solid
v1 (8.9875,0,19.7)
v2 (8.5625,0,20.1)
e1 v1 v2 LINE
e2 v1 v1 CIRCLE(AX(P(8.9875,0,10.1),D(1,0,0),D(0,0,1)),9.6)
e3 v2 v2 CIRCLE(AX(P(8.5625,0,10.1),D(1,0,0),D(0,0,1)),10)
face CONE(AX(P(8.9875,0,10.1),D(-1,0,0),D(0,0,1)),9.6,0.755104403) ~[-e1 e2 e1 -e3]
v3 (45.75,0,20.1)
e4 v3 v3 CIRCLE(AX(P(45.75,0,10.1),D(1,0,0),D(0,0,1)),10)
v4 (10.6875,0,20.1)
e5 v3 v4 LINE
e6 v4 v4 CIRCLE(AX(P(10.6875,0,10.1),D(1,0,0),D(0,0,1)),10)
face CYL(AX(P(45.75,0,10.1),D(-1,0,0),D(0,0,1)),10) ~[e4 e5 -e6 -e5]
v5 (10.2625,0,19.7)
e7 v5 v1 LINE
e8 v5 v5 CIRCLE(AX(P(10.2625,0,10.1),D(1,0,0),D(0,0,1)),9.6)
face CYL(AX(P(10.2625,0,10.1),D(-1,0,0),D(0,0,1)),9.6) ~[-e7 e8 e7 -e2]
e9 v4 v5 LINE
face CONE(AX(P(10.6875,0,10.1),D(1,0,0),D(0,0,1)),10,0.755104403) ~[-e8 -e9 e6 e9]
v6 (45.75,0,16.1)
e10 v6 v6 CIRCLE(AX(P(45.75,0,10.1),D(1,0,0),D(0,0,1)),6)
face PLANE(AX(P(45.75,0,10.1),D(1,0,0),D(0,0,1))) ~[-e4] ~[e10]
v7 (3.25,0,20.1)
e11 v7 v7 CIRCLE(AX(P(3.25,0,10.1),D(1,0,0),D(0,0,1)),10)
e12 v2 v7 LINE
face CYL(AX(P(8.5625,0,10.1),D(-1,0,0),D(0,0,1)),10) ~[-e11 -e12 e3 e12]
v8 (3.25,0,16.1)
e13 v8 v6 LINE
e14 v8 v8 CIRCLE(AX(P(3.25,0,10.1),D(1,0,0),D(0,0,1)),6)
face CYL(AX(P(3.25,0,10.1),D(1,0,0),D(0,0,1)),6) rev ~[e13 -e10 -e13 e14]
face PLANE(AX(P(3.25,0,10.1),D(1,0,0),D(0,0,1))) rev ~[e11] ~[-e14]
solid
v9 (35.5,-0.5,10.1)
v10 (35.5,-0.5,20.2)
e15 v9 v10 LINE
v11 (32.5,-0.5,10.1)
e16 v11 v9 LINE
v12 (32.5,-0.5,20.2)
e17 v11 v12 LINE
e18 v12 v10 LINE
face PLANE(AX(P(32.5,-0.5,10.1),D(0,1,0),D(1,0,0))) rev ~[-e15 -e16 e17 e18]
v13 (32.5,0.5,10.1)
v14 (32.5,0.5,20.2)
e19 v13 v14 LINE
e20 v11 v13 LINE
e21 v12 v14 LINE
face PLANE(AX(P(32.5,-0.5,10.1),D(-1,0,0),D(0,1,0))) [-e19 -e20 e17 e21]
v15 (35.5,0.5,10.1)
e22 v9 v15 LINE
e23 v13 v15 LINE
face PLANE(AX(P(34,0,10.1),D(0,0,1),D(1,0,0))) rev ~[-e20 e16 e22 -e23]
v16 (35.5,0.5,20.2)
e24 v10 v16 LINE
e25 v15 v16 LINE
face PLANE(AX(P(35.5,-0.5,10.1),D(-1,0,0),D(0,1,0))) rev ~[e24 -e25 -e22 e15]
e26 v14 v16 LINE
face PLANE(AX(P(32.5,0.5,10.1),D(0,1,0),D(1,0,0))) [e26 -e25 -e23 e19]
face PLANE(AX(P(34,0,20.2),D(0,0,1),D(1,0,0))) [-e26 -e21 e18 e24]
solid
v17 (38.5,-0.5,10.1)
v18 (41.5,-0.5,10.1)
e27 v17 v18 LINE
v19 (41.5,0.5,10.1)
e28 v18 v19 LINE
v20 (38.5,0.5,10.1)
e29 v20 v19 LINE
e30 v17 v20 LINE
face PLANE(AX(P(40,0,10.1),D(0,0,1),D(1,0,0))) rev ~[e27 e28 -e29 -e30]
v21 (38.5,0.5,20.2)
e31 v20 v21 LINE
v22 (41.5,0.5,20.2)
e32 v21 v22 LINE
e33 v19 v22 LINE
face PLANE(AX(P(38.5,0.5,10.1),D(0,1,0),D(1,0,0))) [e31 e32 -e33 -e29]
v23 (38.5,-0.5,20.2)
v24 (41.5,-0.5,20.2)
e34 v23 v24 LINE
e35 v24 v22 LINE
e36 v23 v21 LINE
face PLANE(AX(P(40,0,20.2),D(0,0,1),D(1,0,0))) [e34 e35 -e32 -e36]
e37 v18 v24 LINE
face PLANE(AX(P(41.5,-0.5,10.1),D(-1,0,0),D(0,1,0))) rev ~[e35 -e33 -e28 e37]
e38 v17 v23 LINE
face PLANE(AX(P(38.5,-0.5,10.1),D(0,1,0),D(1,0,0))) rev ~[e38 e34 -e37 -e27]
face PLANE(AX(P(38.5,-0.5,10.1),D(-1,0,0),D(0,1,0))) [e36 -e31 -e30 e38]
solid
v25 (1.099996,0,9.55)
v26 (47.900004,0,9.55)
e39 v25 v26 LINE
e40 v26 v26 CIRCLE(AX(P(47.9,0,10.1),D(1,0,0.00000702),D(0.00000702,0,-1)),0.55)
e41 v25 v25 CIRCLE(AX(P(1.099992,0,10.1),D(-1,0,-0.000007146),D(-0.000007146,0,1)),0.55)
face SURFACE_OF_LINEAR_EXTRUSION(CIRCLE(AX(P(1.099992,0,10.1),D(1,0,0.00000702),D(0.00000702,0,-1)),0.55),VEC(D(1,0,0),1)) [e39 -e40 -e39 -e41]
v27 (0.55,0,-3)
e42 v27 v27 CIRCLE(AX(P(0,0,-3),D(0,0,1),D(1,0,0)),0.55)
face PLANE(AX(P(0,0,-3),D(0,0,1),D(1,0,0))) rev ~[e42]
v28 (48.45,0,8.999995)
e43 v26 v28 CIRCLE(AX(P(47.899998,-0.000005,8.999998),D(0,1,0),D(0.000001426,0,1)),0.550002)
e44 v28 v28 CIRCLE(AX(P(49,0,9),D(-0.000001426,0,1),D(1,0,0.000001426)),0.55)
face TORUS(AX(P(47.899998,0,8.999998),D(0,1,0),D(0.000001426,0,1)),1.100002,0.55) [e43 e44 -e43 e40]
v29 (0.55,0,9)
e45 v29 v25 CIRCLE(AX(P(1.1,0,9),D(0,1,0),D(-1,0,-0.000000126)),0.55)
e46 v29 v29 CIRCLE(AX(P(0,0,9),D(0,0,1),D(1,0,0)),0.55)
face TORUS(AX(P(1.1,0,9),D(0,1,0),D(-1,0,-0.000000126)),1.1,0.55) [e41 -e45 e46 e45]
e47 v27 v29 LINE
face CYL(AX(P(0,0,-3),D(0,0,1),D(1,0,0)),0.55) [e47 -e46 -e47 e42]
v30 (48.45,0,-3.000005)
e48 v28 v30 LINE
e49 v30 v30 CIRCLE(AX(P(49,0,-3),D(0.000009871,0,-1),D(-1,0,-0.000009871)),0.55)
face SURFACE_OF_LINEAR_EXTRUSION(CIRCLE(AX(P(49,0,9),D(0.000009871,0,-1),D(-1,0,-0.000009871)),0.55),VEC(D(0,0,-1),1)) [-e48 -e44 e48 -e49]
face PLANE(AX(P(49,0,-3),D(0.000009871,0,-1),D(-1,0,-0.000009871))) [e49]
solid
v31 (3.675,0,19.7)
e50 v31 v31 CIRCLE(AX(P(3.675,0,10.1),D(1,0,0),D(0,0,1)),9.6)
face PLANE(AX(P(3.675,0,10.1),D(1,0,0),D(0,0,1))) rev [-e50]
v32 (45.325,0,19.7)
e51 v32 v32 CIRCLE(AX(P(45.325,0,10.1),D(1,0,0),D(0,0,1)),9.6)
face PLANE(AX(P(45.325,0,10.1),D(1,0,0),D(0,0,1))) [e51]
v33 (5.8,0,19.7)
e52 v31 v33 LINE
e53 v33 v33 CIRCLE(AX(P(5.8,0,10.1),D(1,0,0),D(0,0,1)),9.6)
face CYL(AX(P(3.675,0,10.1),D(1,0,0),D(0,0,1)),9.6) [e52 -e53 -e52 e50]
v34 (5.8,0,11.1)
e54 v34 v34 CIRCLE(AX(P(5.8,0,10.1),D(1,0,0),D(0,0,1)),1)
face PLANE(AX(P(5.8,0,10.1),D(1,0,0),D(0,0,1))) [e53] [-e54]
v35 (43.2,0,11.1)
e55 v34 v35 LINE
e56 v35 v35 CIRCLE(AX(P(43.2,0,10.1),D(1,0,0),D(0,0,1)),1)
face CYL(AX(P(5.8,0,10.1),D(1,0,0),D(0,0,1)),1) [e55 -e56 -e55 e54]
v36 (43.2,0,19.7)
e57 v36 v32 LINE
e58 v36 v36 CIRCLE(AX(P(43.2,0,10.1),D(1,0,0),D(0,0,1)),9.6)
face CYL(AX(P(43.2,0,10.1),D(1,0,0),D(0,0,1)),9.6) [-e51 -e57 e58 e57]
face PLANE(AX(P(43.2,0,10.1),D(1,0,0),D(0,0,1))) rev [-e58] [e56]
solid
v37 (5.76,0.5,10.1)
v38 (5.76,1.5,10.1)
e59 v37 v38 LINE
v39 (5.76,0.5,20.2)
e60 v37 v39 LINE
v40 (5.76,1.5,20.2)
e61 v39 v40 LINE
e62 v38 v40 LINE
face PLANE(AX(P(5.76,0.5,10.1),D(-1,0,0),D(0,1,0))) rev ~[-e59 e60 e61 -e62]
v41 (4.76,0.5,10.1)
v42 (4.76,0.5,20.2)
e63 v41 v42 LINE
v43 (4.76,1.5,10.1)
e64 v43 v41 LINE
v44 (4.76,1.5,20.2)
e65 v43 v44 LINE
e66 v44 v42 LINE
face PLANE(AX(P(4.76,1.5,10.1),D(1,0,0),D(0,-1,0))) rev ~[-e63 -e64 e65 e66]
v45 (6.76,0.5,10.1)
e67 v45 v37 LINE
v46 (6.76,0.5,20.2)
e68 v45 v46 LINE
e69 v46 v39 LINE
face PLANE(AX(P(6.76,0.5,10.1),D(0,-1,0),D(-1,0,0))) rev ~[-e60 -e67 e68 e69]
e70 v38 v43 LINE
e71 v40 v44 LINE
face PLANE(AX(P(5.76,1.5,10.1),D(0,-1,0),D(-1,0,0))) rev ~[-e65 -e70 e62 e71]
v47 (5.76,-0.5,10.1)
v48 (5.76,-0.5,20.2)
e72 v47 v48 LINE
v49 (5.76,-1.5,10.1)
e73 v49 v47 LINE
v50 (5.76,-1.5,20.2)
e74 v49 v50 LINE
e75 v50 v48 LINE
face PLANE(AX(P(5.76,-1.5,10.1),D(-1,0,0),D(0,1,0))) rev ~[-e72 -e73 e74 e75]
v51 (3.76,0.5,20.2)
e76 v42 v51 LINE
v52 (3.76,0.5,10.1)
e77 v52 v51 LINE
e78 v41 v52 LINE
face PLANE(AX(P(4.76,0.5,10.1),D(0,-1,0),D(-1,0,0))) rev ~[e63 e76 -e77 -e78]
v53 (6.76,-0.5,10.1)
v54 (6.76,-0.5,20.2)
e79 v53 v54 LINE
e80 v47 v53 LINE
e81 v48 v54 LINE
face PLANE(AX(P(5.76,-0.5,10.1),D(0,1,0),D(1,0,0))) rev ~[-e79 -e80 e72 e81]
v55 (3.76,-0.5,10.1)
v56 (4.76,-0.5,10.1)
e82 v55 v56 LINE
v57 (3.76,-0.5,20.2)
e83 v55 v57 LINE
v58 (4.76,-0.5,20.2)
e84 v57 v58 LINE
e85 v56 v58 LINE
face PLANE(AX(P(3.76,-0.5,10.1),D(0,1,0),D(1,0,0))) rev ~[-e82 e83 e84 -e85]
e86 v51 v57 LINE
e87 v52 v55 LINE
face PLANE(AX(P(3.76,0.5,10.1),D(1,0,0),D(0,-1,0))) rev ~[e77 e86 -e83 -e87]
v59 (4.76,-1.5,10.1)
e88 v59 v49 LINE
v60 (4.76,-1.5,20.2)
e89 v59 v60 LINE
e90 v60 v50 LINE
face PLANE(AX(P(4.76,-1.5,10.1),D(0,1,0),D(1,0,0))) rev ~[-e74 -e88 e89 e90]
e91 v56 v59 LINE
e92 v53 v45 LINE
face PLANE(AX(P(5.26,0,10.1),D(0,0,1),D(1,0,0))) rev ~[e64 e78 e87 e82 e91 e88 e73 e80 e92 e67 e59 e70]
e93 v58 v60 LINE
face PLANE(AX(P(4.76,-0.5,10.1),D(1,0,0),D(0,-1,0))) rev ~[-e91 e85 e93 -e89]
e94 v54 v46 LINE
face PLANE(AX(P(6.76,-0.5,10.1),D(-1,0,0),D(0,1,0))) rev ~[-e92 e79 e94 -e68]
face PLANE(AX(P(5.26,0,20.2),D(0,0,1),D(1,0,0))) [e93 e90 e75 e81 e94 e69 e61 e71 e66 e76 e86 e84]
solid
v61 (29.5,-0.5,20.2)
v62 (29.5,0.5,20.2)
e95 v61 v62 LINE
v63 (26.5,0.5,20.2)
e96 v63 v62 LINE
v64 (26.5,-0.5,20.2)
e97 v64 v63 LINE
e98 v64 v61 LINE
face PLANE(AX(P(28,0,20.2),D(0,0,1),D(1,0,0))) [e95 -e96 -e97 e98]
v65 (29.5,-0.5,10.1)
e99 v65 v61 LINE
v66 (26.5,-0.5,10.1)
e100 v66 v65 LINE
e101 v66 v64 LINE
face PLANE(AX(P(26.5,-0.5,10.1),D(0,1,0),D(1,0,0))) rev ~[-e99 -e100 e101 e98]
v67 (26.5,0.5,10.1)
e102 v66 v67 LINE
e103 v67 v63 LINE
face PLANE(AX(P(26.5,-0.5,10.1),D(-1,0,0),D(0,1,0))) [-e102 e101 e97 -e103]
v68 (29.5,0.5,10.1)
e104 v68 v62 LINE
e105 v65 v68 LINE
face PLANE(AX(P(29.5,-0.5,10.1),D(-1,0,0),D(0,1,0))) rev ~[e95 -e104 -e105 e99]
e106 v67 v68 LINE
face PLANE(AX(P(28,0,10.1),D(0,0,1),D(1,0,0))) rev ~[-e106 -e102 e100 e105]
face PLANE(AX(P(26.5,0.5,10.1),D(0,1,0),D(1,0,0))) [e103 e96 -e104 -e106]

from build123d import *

# Parameters (mm, degrees)
SKETCH_R    = 0.55
SKETCH004_W = 3
SKETCH004_H = 1
PAD_DEPTH   = 10.1


with BuildPart() as sweep_body:
    # Sweep: sweep along a path in Sketch001
    with BuildLine(Plane.XZ) as sweep_path:
        Line((0, -3), (0, 9))
        ThreePointArc((0, 9), (0.32218, 9.777815), (1.099992, 10.1))
        Line((1.099992, 10.1), (47.9, 10.1))
        ThreePointArc((47.9, 10.1), (48.677817, 9.777817), (49, 9))
        Line((49, 9), (49, -3))
    # Sketch → Sweep (sweep)
    with BuildSketch(Plane.XY.offset(-2)):
        Circle(SKETCH_R)
    sweep(path=sweep_path.line)


with BuildPart() as revolution:
    # Sketch002 → Revolution (revolve)
    with BuildSketch(Plane.XZ):
        Polygon((3.25, 20.1), (3.25, 16.1), (45.75, 16.1), (45.75, 20.1), (10.6875, 20.1), (10.2625, 19.7), (8.9875, 19.7), (8.5625, 20.1), align=None)
    revolve(axis=Axis((6.97588, 0, 10.1), (1, 0, 0)))


with BuildPart() as revolution001:
    # Sketch003 → Revolution001 (revolve)
    with BuildSketch(Plane.XZ):
        Polygon((3.675, 19.7), (5.8, 19.7), (5.8, 11.1), (43.2, 11.1), (43.2, 19.7), (45.325, 19.7), (45.325, 10.1), (3.675, 10.1), align=None)
    revolve(axis=Axis((6.97588, 0, 10.1), (1, 0, 0)))


with BuildPart() as pad:
    # Sketch004 → Pad (new body)
    with BuildSketch(Plane.XY.offset(10.1)):
        with Locations((40, 0)):
            Rectangle(SKETCH004_W, SKETCH004_H)
        with Locations((34, 0)):
            Rectangle(SKETCH004_W, SKETCH004_H)
        with Locations((28, 0)):
            Rectangle(SKETCH004_W, SKETCH004_H)
        Polygon((4.76, 0.5), (3.76, 0.5), (3.76, -0.5), (4.76, -0.5), (4.76, -1.5), (5.76, -1.5), (5.76, -0.5), (6.76, -0.5), (6.76, 0.5), (5.76, 0.5), (5.76, 1.5), (4.76, 1.5), align=None)
    extrude(amount=PAD_DEPTH)


solid = Compound([sweep_body.part, revolution.part, revolution001.part, pad.part])
